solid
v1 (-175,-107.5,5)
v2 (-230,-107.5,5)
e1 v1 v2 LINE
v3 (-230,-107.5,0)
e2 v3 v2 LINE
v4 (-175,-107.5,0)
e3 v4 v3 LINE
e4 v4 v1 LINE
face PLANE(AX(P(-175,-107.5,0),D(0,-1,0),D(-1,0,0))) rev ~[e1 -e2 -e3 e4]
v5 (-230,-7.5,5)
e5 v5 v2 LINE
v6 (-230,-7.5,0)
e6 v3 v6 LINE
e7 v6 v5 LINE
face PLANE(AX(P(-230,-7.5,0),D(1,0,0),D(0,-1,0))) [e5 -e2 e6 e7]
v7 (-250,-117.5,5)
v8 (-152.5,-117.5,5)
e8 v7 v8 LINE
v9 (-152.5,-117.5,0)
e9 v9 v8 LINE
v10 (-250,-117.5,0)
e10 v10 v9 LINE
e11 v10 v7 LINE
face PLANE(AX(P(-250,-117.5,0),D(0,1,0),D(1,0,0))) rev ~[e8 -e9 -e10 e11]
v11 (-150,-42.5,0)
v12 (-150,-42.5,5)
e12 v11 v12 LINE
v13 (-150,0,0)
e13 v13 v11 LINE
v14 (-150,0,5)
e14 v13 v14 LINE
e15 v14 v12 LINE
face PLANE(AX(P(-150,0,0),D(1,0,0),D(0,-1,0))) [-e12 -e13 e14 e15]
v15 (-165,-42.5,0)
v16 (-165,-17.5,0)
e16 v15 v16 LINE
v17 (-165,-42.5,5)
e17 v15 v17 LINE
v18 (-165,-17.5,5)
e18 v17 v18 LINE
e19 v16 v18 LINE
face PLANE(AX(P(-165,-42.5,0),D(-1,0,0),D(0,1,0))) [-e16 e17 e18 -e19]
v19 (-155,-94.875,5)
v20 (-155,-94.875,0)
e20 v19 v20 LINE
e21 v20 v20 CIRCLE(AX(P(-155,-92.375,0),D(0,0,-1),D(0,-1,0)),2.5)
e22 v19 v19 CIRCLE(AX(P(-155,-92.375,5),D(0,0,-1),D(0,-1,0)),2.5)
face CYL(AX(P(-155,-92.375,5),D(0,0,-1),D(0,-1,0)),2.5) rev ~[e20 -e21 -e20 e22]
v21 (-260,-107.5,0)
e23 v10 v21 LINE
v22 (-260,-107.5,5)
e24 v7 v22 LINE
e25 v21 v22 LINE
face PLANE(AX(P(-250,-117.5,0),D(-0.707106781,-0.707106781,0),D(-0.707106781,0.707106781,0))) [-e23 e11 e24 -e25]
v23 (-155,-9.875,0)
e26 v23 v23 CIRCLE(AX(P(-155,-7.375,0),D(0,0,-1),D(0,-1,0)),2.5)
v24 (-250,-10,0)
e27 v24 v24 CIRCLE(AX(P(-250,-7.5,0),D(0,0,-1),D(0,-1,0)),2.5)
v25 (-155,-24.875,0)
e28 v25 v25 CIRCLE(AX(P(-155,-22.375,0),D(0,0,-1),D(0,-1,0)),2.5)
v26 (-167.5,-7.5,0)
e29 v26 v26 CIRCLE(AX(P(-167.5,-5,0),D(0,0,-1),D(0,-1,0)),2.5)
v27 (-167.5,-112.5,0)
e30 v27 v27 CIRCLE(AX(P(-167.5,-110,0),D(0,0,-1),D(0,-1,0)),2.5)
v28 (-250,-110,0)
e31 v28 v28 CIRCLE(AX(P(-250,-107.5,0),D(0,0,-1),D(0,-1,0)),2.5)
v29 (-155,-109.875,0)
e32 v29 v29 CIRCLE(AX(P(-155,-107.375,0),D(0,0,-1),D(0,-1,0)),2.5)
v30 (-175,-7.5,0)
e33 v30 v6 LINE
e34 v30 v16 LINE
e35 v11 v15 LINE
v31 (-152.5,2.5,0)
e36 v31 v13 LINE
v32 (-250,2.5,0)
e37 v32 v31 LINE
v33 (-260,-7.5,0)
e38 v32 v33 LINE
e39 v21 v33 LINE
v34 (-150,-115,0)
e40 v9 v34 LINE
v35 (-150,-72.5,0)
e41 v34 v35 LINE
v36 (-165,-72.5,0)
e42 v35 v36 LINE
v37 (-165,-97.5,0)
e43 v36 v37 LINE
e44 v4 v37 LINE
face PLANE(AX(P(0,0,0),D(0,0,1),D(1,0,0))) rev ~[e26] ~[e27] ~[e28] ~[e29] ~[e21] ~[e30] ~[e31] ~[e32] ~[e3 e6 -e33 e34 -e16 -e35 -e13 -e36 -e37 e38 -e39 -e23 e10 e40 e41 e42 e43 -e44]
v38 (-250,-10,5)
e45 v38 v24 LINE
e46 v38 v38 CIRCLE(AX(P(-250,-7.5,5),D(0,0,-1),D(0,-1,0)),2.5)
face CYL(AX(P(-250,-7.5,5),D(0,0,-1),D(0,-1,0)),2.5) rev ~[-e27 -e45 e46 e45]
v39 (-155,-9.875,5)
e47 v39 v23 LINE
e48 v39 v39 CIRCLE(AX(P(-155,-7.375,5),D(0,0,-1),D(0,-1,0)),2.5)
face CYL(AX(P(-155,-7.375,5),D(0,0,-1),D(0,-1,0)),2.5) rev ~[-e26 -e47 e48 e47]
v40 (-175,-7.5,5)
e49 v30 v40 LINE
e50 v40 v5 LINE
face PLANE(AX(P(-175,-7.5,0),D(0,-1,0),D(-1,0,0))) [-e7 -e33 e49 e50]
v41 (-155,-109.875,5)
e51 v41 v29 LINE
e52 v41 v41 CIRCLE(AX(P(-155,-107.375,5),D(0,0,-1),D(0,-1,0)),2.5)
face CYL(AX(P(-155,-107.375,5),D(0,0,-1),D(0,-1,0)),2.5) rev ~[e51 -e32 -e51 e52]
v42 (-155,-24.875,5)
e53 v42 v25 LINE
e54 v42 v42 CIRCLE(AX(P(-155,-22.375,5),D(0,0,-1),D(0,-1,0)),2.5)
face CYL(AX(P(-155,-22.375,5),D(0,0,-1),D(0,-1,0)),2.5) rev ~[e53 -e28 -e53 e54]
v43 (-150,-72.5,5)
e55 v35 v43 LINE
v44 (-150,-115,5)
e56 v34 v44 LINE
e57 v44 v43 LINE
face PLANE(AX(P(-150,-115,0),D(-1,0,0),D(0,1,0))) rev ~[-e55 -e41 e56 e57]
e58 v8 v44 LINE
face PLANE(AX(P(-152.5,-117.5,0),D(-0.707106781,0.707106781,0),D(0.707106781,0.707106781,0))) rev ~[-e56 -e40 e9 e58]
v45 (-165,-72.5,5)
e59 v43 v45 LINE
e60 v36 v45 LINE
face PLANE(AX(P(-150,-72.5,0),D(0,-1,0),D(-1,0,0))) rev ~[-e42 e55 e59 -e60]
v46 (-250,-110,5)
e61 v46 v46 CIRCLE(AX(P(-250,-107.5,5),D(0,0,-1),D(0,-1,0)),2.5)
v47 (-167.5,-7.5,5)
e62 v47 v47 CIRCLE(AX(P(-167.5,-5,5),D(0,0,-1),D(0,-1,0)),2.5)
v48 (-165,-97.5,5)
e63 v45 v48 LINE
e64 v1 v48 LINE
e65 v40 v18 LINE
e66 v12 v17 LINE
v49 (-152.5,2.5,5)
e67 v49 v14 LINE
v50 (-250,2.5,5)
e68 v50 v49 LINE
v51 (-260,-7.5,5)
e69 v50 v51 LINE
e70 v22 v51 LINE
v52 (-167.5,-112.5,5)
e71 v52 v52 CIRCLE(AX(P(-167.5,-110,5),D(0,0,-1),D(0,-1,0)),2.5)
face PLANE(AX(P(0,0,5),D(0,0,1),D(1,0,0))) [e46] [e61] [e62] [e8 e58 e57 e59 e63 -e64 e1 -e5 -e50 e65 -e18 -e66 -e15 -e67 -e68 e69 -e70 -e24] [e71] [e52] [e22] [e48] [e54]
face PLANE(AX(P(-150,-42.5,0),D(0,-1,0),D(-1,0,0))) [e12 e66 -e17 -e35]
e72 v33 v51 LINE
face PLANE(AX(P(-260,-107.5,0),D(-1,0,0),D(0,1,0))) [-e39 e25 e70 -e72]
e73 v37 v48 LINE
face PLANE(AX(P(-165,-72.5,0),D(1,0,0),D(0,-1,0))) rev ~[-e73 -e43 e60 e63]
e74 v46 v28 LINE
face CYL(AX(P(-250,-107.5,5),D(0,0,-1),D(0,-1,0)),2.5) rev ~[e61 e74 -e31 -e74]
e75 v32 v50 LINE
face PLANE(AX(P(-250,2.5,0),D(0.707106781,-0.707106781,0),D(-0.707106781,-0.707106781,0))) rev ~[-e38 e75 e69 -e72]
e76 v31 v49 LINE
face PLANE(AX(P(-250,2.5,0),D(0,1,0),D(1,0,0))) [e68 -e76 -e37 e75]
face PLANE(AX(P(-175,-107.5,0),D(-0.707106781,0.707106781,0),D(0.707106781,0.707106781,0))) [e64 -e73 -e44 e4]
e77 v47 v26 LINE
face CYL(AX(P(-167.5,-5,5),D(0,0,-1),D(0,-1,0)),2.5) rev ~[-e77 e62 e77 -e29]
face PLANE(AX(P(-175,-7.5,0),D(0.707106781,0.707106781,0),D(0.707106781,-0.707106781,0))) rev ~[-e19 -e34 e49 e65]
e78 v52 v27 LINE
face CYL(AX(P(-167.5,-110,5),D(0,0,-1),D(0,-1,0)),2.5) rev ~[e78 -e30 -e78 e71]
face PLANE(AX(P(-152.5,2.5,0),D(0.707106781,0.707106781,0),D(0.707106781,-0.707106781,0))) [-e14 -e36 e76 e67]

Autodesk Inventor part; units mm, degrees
ref_plane "YZ Plane" through (0, 0, 0) normal (1, 0, 0) x (0, 1, 0)
ref_plane "XZ Plane" through (0, 0, 0) normal (0, 1, 0) x (-1, 0, 0)
ref_plane "XY Plane" through (0, 0, 0) normal (0, 0, 1) x (1, 0, 0)
sketch "Sketch1" plane through (0, 0, 0) normal (0, 0, 1) x (1, 0, 0)
  line L0 (-175, -7.5) -> (-230, -7.5)
  line L1 (-250, 2.5) -> (-152.5, 2.5)
  line L2 (-82.5, -57.5) -> (-255, -57.5)
  line L3 (-150, -42.5) -> (-165, -42.5)
  line L4 (-150, 0) -> (-150, -42.5)
  line L5 (-175, -7.5) -> (-165, -17.5)
  line L6 (-165, -42.5) -> (-165, -17.5)
  line L7 (-175, -107.5) -> (-230, -107.5)
  line L8 (-250, -117.5) -> (-152.5, -117.5)
  line L9 (-150, -72.5) -> (-165, -72.5)
  line L10 (-150, -115) -> (-150, -72.5)
  line L11 (-175, -107.5) -> (-165, -97.5)
  line L12 (-165, -72.5) -> (-165, -97.5)
  line L13 (-230, -7.5) -> (-230, -107.5)
  line L14 (-260, -107.5) -> (-260, -7.5)
  line L15 (-250, 2.5) -> (-260, -7.5)
  line L16 (-250, -117.5) -> (-260, -107.5)
  line L17 (-152.5, 2.5) -> (-150, 0)
  line L18 (-152.5, -117.5) -> (-150, -115)
  point P0 (0, 0)
  point P1 (-260, 2.5)
  point P2 (-152.5, 2.5)
  point P3 (-260, -117.5)
  point P4 (-150, 2.5)
  point P5 (-150, -117.5)
  dimension "d2" = -7.5
  dimension "d4" = 10
  dimension "d40" = 15
  dimension "d53" = 10
  dimension "d54" = 10
  dimension "d56" = 65
  dimension "d57" = 30
  dimension "d58" = 10
  dimension "d59" = 10
  dimension "d60" = 10
  dimension "d61" = 10
  dimension "d69" = 45
  dimension "d70" = 2.5
  dimension "d71" = 2.5
  dimension "d72" = 2.5
  dimension "d73" = 2.5
extrude "Extrusion1" add sketch "Sketch1" along normal blind 5
sketch "Sketch3" plane through (0, 0, 5) normal (0, 0, 1) x (1, 0, 0)
  line L0 (-155, 3.7259) -> (-155, -113.632) construction
  line L1 (-150, -42.5) -> (-150, 0) construction
  line L2 (-225, -107.5) -> (-225, -7.5) construction
  line L3 (-225, -57.375) -> (-3.3098, -57.375) construction
  point P0 (0, 0)
  point P1 (-150, 5)
  point P2 (-155, -7.375)
  point P3 (-155, -22.375)
  point P4 (-155, -92.375)
  point P5 (-155, -107.375)
  point P6 (-230, -7.5)
  dimension "d41" = 5
  dimension "d42" = 15
  dimension "d43" = 70
hole "Hole2" at (-155, -7.375, 5) at (-155, -22.375, 5) at (-155, -92.375, 5) at (-155, -107.375, 5) direction (0, 0, -1) diameter 5 end through all
sketch "Sketch4" plane through (0, 0, 5) normal (0, 0, 1) x (1, 0, 0)
  circle A0 centre (-250, -7.5) radius 2.5 projected
  circle A1 centre (-250, -107.5) radius 2.5 projected
  circle A2 centre (-167.5, -5) radius 2.5 projected
  circle A3 centre (-167.5, -110) radius 2.5 projected
  point P0 (0, 0)
hole "Hole3" at (-167.5, -5, 5) at (-167.5, -110, 5) at (-250, -107.5, 5) at (-250, -7.5, 5) direction (0, 0, -1) diameter 5 end through all
equation "\"d59\" = d58"
equation "\"d60\" = d58"
equation "\"d61\" = d60"
equation "\"d71\" = d70"
equation "\"d72\" = d70"
equation "\"d73\" = d72"
properties part number "MarcoV2" material "MDF Medium Density Fiberboard"
